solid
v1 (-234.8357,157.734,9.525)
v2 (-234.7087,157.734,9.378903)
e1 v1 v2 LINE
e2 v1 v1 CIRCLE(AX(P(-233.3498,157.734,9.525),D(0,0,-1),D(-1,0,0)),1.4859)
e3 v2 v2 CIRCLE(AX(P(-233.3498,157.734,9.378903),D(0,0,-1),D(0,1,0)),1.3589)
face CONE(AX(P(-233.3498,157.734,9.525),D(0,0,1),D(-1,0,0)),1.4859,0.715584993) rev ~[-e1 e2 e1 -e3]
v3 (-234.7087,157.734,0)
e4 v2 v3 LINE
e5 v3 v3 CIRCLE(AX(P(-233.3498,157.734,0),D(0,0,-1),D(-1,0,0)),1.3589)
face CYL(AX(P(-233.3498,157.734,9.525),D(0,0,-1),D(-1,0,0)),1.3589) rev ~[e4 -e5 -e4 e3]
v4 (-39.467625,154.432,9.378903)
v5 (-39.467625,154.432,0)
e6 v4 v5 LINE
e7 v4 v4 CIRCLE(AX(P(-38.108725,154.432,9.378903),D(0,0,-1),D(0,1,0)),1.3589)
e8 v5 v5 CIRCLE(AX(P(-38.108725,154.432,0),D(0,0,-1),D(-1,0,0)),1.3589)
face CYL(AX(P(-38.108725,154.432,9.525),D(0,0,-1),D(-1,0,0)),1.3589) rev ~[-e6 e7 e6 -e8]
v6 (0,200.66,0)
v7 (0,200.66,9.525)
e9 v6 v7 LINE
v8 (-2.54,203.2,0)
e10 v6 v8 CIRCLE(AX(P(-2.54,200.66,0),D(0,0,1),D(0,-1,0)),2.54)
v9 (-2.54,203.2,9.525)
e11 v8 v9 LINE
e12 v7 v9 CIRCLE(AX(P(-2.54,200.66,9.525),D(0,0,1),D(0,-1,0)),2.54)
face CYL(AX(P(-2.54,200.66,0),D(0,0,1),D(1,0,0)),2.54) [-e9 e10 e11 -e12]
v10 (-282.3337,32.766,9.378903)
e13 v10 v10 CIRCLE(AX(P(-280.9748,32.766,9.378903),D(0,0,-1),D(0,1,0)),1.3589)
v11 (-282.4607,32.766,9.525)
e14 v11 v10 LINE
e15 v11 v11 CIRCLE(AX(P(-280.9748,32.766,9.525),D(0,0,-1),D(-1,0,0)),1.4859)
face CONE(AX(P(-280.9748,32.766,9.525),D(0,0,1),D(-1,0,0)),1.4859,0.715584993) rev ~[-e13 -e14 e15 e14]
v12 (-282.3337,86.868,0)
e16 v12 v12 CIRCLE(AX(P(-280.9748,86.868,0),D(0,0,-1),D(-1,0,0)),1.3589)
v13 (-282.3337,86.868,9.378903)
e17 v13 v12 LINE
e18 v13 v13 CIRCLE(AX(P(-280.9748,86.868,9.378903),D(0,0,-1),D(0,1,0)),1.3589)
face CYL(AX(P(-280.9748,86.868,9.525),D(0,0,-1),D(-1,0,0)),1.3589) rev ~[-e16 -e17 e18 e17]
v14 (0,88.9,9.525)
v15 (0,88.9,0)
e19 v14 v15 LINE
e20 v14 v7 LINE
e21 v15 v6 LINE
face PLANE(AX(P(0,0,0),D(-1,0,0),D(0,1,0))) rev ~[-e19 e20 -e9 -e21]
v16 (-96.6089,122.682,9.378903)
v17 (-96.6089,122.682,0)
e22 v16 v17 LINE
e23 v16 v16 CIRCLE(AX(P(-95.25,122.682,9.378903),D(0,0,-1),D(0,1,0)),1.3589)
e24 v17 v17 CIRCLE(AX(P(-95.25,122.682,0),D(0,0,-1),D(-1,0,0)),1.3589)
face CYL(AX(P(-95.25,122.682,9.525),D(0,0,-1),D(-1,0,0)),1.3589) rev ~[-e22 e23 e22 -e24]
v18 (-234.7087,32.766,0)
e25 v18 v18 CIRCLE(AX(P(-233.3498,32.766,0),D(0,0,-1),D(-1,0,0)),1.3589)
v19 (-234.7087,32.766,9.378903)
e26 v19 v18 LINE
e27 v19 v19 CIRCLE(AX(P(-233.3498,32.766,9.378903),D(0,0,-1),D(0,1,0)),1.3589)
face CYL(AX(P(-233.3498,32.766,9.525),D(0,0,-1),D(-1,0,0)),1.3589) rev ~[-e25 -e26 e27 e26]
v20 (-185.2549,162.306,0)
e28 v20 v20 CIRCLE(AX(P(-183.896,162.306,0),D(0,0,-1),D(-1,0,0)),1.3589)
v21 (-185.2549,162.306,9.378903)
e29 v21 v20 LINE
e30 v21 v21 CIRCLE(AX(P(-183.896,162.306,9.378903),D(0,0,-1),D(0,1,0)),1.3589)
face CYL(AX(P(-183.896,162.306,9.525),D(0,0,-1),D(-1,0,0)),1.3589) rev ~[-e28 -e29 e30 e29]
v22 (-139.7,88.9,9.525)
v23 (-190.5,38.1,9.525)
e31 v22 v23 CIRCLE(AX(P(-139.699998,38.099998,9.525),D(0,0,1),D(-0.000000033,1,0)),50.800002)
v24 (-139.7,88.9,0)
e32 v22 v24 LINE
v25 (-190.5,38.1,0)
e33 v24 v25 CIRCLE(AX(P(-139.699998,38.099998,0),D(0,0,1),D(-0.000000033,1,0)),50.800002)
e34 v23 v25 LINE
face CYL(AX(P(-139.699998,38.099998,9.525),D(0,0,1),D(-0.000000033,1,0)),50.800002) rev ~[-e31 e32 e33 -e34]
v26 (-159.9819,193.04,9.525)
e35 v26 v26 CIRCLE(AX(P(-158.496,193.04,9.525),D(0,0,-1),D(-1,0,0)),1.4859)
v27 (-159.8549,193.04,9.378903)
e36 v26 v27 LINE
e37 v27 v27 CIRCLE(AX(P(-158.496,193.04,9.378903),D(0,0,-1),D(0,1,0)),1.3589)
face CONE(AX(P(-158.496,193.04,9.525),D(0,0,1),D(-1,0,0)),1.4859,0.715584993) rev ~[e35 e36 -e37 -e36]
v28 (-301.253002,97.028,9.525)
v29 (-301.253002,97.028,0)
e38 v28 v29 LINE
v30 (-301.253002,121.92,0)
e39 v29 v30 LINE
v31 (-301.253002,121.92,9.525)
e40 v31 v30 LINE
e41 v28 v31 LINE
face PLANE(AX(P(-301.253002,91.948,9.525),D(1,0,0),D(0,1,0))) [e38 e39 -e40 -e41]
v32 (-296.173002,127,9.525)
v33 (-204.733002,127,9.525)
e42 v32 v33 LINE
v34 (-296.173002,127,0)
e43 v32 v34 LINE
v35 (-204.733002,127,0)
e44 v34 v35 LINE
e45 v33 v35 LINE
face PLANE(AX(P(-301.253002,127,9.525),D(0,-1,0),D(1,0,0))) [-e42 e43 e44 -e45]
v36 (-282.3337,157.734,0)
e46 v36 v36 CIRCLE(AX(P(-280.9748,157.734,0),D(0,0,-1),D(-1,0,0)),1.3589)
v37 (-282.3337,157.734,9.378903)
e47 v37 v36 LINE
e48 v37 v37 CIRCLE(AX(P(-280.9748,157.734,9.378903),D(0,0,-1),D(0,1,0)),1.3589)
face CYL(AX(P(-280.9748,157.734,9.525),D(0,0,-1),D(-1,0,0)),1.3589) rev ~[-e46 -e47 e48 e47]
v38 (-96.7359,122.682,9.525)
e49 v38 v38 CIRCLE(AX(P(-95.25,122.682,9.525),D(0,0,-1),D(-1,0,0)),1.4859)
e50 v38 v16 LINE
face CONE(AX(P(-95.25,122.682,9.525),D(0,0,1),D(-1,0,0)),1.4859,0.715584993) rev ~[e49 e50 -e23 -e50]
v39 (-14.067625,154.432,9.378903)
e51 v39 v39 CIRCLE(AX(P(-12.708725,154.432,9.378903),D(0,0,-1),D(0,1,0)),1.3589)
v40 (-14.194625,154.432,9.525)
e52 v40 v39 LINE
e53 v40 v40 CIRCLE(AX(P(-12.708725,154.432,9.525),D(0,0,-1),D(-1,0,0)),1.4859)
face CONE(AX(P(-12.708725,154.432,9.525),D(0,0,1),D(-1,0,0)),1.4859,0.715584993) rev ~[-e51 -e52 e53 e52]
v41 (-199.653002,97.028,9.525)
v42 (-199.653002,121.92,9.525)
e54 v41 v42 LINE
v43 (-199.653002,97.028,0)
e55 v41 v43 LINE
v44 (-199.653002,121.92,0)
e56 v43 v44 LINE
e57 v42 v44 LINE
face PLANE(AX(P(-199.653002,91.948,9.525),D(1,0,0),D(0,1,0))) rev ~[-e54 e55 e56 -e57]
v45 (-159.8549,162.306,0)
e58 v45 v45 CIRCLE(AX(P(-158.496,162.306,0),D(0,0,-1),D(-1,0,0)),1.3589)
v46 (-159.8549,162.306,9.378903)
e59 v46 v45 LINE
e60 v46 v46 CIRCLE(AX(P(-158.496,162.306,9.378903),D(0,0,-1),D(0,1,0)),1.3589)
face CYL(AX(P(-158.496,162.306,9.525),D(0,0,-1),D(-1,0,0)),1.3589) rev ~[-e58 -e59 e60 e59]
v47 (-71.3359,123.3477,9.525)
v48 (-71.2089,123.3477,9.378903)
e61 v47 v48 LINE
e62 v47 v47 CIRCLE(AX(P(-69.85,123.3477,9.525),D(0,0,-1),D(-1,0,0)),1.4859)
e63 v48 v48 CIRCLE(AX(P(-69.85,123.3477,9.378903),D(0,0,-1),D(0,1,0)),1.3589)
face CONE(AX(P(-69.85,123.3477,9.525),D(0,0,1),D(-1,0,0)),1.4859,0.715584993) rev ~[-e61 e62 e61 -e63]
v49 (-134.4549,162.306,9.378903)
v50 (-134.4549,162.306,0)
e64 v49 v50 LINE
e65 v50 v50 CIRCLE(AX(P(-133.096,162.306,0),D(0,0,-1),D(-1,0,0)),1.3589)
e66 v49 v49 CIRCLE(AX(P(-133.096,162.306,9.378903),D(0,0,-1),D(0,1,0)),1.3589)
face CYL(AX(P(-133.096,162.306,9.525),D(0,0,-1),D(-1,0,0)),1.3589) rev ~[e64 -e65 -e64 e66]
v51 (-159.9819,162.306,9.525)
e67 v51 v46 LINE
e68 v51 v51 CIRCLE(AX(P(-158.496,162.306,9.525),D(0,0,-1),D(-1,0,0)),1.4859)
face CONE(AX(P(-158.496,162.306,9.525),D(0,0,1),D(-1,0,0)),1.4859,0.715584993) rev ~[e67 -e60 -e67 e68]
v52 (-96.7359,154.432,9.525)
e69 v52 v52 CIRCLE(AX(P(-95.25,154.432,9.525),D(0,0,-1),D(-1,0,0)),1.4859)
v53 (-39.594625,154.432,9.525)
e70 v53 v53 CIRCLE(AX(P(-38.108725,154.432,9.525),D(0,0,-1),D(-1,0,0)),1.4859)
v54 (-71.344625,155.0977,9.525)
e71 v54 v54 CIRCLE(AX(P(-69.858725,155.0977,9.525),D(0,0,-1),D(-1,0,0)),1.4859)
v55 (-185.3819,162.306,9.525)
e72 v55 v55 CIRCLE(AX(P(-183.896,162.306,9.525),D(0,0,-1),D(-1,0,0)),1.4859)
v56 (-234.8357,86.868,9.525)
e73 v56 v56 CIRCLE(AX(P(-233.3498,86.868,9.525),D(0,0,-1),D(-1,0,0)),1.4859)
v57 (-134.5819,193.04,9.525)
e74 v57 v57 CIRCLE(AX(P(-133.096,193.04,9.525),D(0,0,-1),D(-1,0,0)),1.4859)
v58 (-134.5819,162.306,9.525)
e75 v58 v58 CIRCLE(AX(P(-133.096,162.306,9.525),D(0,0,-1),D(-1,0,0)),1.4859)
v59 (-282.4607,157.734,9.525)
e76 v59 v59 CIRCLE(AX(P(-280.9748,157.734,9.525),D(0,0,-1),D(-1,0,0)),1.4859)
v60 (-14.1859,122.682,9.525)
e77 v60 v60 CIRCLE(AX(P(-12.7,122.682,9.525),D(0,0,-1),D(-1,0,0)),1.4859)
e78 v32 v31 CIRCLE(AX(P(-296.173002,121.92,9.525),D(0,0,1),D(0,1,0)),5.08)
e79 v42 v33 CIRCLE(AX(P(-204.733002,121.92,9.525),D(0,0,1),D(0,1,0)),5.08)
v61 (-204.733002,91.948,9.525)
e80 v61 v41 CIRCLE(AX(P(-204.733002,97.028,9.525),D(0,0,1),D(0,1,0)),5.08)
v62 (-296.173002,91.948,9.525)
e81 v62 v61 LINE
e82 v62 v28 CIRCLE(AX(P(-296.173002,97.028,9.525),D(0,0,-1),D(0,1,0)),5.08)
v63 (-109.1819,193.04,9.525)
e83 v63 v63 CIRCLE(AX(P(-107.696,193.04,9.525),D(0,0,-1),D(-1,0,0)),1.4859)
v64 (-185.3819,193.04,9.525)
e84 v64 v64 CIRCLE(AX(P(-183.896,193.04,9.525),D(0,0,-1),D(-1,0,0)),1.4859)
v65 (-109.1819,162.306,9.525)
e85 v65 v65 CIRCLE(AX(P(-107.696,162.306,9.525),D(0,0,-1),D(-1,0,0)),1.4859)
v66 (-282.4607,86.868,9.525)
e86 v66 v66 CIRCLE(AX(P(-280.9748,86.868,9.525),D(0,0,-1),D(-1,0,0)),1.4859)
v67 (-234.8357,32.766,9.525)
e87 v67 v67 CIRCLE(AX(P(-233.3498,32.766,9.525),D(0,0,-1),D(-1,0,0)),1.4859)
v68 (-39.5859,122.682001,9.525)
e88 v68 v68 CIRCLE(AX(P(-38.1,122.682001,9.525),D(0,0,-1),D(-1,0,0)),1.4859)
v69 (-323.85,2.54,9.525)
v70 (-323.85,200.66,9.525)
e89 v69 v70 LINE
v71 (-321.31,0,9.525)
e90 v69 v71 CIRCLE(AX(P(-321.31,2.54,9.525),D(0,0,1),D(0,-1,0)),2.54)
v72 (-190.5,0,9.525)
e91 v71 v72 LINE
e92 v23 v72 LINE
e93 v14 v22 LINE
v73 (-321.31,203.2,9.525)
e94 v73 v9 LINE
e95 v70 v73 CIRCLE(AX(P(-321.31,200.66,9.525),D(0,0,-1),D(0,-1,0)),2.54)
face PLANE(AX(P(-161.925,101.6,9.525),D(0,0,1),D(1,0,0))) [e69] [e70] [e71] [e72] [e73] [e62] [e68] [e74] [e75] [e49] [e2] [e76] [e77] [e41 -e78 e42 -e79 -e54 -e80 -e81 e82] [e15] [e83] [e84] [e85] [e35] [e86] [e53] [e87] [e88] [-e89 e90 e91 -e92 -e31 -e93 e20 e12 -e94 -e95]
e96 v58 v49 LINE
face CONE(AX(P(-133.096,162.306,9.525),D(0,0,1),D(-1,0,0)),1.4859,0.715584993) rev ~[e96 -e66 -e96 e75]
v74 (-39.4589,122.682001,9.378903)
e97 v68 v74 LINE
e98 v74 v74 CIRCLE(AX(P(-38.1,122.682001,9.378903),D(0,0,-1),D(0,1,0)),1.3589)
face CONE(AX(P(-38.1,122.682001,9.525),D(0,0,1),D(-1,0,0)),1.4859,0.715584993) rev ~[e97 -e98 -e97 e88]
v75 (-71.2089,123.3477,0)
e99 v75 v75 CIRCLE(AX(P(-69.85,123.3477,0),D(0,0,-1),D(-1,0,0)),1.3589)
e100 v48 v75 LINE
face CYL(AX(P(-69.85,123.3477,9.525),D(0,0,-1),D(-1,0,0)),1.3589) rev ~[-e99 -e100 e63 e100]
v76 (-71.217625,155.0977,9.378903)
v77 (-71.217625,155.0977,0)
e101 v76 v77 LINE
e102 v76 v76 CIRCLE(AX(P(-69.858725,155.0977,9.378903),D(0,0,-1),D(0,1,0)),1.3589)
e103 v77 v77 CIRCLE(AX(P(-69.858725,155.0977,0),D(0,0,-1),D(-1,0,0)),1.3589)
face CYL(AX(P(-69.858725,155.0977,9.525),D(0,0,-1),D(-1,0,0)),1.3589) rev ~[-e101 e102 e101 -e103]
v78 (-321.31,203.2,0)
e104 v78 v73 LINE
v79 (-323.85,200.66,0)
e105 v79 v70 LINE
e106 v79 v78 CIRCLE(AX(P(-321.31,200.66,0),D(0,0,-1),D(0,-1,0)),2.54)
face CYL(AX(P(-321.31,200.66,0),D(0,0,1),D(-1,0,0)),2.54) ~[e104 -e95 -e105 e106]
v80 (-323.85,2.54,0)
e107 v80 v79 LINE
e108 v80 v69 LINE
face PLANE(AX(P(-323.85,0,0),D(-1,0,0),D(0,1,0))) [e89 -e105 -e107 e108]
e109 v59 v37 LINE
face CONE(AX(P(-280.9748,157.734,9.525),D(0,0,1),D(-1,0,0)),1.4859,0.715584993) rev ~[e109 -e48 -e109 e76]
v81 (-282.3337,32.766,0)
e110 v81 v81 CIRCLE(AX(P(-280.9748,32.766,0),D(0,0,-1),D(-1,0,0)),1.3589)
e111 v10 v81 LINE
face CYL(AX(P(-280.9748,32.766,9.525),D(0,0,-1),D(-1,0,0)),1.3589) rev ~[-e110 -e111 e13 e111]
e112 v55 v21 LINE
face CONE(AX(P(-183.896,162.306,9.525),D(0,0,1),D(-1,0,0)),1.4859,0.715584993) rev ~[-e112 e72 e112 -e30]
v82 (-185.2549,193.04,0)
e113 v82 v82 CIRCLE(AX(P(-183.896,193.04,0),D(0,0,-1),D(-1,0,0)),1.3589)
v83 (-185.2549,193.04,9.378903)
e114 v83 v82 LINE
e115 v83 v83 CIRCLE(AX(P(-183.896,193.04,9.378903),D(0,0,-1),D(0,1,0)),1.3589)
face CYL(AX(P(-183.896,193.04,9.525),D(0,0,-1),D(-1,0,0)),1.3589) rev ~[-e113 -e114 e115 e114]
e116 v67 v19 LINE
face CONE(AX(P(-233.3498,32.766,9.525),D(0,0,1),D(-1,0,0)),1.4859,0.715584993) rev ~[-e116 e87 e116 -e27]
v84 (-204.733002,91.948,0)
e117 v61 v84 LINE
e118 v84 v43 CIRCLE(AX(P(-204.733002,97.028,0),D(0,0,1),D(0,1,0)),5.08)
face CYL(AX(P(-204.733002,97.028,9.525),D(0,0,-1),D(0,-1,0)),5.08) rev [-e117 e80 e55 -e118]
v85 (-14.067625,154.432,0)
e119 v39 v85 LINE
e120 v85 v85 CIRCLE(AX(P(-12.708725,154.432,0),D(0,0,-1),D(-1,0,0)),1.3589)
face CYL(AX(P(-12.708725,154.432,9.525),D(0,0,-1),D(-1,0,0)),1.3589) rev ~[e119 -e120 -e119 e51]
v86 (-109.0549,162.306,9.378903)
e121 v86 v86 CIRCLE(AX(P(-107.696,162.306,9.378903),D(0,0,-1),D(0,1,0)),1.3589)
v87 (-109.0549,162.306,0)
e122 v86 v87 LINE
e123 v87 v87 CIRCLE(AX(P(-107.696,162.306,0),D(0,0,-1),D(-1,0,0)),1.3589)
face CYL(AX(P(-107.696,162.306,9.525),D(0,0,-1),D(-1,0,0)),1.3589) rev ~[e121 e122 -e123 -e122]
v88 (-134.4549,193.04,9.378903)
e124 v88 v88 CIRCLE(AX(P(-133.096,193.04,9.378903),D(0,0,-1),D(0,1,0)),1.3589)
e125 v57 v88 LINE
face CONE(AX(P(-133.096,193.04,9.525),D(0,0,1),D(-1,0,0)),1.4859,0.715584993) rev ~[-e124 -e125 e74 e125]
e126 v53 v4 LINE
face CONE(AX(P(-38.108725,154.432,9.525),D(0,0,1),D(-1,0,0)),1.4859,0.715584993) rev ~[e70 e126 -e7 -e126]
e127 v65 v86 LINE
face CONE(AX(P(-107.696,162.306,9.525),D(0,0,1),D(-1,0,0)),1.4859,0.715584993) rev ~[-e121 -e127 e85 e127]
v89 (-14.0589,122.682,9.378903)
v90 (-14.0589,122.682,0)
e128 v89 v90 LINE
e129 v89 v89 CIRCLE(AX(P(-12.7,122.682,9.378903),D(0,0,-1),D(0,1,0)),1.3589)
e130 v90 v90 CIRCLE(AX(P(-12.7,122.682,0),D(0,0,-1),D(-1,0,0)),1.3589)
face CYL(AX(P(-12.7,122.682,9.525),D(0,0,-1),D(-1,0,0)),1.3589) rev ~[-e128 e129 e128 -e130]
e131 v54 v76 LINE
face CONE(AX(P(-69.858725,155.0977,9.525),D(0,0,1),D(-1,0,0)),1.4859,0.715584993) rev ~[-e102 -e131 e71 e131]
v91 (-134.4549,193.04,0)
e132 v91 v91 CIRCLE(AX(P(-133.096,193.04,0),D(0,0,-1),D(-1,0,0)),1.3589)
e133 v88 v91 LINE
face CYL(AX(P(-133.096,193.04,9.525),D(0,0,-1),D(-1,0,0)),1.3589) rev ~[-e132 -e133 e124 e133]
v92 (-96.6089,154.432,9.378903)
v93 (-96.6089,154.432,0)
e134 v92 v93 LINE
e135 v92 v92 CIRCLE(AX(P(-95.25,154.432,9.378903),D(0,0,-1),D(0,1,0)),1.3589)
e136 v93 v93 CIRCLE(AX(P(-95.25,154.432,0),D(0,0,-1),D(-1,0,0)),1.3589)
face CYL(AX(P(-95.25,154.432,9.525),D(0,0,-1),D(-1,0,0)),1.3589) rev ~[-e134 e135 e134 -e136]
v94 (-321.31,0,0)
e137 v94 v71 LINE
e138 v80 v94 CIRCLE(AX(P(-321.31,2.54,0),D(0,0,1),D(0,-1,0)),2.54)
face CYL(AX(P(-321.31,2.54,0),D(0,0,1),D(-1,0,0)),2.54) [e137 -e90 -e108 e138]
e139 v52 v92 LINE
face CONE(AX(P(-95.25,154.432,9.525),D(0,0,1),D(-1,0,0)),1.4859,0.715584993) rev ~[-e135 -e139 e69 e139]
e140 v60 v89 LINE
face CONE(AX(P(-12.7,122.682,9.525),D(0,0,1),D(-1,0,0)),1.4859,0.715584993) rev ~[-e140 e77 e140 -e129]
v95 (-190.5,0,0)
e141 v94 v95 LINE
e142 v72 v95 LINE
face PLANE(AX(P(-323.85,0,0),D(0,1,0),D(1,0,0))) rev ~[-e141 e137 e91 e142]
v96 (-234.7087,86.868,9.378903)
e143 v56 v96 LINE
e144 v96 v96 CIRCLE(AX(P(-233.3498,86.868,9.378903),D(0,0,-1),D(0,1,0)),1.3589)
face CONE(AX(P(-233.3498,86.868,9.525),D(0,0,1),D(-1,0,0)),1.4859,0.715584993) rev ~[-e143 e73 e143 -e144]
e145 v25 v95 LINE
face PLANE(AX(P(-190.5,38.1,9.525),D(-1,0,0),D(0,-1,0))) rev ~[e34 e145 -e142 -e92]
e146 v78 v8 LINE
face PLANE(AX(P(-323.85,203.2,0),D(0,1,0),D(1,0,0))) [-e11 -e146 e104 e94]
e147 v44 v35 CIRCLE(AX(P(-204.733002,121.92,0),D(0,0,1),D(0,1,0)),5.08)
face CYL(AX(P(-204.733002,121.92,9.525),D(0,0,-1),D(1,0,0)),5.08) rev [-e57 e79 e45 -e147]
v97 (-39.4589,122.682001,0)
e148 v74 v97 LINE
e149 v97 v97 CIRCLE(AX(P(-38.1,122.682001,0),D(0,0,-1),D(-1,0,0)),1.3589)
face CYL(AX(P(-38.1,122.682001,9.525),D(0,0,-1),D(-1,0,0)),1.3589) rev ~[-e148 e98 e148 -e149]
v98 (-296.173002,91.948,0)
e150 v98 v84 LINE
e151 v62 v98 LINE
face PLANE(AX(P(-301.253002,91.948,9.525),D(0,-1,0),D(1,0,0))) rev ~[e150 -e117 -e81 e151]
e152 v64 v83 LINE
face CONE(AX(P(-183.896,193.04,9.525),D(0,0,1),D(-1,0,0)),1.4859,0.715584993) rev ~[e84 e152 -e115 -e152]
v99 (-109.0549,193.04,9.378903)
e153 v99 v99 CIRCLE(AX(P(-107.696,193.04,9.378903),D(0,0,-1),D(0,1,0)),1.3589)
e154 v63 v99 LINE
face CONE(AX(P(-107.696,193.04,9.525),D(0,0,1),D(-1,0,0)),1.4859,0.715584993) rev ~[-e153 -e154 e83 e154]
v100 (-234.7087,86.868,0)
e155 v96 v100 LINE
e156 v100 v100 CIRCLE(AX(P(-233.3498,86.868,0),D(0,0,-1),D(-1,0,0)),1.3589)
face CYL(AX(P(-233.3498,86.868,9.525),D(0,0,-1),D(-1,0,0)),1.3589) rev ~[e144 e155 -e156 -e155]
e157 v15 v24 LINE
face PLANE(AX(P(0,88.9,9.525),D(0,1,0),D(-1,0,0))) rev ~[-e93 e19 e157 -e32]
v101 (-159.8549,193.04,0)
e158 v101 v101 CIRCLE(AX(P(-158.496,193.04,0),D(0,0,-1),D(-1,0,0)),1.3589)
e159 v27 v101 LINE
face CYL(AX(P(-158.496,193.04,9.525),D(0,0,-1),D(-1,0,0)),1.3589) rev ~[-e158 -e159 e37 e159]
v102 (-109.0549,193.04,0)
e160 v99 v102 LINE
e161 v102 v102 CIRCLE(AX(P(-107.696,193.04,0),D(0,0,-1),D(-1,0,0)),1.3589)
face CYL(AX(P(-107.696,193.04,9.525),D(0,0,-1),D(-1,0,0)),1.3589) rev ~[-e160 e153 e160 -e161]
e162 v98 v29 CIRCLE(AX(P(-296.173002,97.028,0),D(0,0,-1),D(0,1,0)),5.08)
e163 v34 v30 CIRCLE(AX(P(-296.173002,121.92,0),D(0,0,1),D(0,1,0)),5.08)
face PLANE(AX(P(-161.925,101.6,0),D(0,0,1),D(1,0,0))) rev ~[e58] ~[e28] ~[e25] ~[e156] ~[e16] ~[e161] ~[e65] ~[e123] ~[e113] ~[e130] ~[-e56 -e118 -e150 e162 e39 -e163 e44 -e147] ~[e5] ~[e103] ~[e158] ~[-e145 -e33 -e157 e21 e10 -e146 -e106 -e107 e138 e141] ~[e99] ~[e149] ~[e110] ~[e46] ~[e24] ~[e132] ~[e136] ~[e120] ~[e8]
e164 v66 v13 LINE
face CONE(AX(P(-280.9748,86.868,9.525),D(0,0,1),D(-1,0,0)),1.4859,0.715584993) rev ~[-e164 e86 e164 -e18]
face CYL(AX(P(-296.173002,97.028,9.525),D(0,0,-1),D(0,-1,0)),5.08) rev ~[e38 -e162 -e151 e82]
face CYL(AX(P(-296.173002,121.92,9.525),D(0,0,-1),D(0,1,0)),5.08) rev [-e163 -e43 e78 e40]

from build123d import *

# Parameters (mm, degrees)
F0_W           = 323.85
F0_H           = 203.2
F1_DEPTH       = 9.525
F2_R           = 2.54
F4_D           = 2.7178
F4_CSINK_D     = 2.9718
F4_CSINK_ANGLE = 82
F5_W           = 101.6
F5_H           = 35.052
F6_DEPTH       = 25.4
F7_R           = 5.08
F10_D          = 19.05
F11_DEPTH      = 25.4


with BuildPart() as f1:
    # F0 (on Top) → F1 (new body)
    with BuildSketch(Plane.XY):
        with Locations((-161.925, 101.6)):
            Rectangle(F0_W, F0_H)
    extrude(amount=F1_DEPTH)

    # F2
    f2_edges = [f1.edges().sort_by_distance(p)[0] for p in [
        (0, 0, 4.7625),
        (0, 203.2, 4.7625),
        (-323.85, 203.2, 4.7625),
        (-323.85, 0, 4.7625),
    ]]
    fillet(f2_edges, radius=F2_R)

    # F4 (through all)
    with Locations(Plane.XY.offset(9.525)):
        with Locations((-280.9748, 157.734), (-233.3498, 157.734), (-233.3498, 86.868), (-280.9748, 86.868), (-280.9748, 32.766), (-233.3498, 32.766), (-183.896, 193.04), (-158.496, 193.04), (-133.096, 193.04), (-107.696, 193.04), (-107.696, 162.306), (-133.096, 162.306), (-158.496, 162.306), (-183.896, 162.306), (-95.25, 154.432), (-95.25, 122.682), (-69.858725, 155.0977), (-69.85, 123.3477), (-38.108725, 154.432), (-38.1, 122.682001), (-12.708725, 154.432), (-12.7, 122.682)):
            CounterSinkHole(F4_D / 2, F4_CSINK_D / 2, counter_sink_angle=F4_CSINK_ANGLE)

    # F5 (on face) → F6 (cut)
    with BuildSketch(Plane.XY.offset(9.525)):
        with Locations((-250.453002, 109.474)):
            Rectangle(F5_W, F5_H)
    extrude(amount=-F6_DEPTH, mode=Mode.SUBTRACT)

    # F7
    f7_edges = [f1.edges().sort_by_distance(p)[0] for p in [
        (-301.253002, 91.948, 4.7625),
        (-301.253002, 127, 4.7625),
        (-199.653002, 127, 4.7625),
        (-199.653002, 91.948, 4.7625),
    ]]
    fillet(f7_edges, radius=F7_R)

    # F10 (through all)
    with Locations(Plane.XY.offset(9.525)):
        with Locations((-29.697825, 46.492874)):
            Hole(F10_D / 2)

    # F8 (on face) → F11 (cut)
    with BuildSketch(Plane.XY.offset(9.525)):
        with BuildLine():
            Line((-190.5, 0), (-2.54, 0))
            ThreePointArc((-2.54, 0), (-0.743949, 0.743949), (0, 2.54))
            Line((0, 2.54), (0, 88.9))
            Line((0, 88.9), (-139.7, 88.9))
            ThreePointArc((-139.7, 88.9), (-175.621024, 74.021024), (-190.5, 38.1))
            Line((-190.5, 38.1), (-190.5, 0))
        make_face()
    extrude(amount=-F11_DEPTH, mode=Mode.SUBTRACT)


solid = f1.part
